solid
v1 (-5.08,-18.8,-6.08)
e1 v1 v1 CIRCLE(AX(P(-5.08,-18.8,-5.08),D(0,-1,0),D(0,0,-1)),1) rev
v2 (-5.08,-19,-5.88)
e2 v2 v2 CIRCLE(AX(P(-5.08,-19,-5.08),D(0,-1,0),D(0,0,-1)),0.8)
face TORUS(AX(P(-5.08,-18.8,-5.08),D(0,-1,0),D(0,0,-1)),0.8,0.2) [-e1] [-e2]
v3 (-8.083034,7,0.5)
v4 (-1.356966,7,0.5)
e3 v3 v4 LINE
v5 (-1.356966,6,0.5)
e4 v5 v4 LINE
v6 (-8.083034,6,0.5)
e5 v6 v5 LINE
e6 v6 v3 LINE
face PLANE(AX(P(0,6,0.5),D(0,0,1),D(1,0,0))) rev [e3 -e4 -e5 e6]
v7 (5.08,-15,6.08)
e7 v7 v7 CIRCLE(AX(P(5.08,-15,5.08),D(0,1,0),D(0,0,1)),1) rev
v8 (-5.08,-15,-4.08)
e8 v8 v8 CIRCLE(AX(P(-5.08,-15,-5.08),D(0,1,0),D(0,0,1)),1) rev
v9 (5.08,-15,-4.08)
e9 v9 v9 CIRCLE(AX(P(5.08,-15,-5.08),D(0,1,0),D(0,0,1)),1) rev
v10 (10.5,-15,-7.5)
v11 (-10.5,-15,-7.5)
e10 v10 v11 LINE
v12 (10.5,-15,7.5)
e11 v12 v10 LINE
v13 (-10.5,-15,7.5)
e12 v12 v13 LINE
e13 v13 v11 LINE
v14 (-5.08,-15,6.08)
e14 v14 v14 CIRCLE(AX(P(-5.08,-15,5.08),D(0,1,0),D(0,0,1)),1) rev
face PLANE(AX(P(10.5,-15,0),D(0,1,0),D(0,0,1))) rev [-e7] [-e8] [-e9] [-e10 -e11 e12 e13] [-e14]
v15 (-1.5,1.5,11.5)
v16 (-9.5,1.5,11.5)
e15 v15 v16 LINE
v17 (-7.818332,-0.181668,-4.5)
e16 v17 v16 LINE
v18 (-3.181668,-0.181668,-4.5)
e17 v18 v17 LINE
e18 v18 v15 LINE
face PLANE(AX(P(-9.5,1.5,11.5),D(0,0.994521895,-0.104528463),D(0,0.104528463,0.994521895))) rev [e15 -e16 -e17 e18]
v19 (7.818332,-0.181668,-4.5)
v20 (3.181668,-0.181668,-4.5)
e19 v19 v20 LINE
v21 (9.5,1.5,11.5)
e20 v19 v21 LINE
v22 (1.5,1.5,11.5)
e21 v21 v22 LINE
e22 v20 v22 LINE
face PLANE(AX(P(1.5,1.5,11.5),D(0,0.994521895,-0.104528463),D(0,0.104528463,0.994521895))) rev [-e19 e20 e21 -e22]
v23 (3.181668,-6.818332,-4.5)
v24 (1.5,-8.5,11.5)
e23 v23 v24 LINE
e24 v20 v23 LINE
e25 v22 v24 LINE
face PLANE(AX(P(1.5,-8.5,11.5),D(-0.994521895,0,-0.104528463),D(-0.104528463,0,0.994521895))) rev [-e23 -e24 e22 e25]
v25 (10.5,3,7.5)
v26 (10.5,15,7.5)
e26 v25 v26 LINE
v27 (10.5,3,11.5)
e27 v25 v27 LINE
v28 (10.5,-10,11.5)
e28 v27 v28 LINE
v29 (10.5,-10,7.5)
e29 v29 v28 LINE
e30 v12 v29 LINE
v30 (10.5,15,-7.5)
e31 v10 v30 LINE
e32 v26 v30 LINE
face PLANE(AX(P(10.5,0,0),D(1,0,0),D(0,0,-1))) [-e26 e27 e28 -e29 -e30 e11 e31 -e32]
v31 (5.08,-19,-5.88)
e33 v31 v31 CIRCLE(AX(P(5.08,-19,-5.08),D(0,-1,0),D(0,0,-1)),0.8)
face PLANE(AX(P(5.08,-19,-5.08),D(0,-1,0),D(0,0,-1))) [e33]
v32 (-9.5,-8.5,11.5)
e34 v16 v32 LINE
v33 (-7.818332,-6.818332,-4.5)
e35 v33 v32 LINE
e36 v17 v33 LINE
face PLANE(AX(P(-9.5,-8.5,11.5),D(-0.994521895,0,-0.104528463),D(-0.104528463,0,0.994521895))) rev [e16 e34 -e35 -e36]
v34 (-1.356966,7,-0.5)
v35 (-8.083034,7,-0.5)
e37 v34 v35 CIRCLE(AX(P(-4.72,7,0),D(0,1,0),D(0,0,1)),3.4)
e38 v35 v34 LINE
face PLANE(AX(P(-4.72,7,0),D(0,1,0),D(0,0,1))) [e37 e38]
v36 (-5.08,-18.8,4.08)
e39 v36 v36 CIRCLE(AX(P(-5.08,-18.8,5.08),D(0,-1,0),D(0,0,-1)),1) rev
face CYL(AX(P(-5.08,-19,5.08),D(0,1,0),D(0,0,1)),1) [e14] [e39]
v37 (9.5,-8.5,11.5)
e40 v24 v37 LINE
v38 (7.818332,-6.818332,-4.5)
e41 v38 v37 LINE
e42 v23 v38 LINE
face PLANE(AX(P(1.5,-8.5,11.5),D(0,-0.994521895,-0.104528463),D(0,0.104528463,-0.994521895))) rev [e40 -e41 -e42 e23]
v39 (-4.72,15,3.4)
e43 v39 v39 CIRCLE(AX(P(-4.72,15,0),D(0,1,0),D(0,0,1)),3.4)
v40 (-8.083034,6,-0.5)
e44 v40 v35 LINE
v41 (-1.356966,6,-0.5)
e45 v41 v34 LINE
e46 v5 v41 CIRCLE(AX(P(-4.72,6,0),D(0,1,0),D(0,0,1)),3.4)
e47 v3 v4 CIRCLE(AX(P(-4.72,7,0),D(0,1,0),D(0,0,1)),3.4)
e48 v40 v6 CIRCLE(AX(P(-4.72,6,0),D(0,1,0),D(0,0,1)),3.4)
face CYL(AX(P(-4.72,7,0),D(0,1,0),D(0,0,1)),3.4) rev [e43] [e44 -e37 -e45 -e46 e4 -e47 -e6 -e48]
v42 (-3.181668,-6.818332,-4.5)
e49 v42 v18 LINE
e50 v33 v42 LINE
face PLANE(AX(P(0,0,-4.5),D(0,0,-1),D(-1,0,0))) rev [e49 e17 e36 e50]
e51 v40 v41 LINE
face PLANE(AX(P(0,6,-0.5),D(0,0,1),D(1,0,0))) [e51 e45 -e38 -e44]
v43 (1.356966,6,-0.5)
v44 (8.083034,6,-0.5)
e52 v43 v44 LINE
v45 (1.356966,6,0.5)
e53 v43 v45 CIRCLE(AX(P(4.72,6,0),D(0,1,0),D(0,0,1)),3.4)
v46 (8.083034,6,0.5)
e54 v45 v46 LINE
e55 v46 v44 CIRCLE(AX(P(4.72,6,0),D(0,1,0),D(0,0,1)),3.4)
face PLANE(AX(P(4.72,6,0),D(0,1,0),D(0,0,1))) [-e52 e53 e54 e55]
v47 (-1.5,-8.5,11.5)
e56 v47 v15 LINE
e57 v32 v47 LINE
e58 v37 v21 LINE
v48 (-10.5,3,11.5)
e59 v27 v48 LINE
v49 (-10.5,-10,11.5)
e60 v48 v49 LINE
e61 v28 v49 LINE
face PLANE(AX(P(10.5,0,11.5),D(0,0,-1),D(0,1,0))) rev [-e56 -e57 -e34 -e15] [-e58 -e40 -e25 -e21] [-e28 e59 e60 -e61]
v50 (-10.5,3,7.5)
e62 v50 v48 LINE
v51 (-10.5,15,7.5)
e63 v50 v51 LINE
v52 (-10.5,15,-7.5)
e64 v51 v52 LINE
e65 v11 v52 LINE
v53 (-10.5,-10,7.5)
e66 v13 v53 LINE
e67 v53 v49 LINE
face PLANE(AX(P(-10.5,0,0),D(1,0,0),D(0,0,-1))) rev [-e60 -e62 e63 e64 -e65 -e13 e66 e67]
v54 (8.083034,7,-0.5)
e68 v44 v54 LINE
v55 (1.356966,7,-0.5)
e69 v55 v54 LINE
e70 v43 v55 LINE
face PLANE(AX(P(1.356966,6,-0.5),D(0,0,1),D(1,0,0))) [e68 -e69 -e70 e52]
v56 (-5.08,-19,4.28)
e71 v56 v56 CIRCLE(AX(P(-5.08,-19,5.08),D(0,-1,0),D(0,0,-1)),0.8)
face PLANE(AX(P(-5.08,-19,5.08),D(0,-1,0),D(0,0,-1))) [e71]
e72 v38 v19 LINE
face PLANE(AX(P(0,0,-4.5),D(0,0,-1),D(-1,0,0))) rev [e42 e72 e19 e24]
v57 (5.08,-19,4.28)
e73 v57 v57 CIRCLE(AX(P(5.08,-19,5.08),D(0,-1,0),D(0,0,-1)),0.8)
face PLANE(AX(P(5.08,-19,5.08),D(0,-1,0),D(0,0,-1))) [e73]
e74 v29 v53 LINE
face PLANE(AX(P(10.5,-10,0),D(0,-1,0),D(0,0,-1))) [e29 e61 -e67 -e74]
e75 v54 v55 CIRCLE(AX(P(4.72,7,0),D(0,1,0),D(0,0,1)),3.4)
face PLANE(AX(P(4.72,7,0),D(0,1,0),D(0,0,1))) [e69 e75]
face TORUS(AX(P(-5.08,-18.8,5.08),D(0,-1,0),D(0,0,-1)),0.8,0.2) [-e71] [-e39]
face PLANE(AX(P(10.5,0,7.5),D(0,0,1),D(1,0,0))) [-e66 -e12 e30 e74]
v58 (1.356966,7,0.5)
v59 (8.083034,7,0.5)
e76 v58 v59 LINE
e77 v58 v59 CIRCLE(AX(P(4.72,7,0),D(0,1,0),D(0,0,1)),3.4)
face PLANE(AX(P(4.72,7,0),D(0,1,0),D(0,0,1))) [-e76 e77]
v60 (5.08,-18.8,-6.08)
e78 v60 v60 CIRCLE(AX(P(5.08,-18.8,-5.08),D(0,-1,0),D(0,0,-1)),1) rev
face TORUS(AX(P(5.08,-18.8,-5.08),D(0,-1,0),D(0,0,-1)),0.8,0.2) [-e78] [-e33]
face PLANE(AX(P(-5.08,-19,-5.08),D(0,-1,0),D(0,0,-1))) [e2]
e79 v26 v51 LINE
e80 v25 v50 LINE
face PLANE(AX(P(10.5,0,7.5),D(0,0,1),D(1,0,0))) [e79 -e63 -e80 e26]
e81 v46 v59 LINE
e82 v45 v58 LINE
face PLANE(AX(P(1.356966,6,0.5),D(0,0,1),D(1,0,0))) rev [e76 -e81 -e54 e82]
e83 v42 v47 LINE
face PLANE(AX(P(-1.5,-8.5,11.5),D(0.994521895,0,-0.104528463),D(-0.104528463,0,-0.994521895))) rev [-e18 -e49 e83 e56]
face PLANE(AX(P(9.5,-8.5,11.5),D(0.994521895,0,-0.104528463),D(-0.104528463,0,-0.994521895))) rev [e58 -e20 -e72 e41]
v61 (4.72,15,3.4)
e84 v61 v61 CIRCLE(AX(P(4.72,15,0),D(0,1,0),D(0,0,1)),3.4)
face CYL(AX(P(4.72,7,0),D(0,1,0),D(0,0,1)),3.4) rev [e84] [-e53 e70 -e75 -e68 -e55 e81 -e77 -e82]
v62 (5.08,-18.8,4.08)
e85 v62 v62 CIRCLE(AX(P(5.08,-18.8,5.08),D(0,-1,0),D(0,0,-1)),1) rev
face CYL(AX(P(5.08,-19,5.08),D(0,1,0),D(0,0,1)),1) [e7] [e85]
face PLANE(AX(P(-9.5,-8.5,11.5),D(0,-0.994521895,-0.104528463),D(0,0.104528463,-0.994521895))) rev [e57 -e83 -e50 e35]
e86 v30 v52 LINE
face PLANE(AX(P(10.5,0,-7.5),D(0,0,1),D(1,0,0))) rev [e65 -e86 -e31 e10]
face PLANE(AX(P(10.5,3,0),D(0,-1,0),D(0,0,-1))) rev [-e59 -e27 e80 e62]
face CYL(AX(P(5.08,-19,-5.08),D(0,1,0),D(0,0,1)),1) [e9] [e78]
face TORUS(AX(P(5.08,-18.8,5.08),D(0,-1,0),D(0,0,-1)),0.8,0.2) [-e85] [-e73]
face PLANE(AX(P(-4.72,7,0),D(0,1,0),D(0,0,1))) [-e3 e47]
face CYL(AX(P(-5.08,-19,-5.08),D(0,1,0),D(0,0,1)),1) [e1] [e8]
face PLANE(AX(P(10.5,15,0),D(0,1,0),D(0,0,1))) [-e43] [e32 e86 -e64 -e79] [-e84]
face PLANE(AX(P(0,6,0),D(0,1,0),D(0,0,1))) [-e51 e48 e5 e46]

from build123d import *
from build123d.topology import SkipClean

# Parameters (mm, degrees)
SKETCH_1_W                    = 15
SKETCH_1_H                    = 30
SKETCH_1_W_2                  = 4
SKETCH_1_H_2                  = 13
EXTRUDE_1_DEPTH               = 10.5
SKETCH_3_R                    = 3.4
CUT_EXTRUDE_1_DEPTH           = 8
SKETCH_4_W                    = 8
SKETCH_4_H                    = 10
CUT_EXTRUDE_3_DEPTH           = 16
CUT_EXTRUDE_3_DRAFT           = -6
CUT_EXTRUDE_3_PROFILE_2_DEPTH = 16
CUT_EXTRUDE_3_PROFILE_2_DRAFT = -6
CUT_EXTRUDE_5_DEPTH           = 1
CUT_EXTRUDE_6_DEPTH           = 1
SKETCH_9_R                    = 1
EXTRUDE_2_DEPTH               = 4
FILLET_3_R                    = 0.2


with BuildPart() as part:
    # Эскиз1 → Бобышка-Вытянуть1 (new, symmetric)
    with BuildSketch(Plane(origin=(0, 0, 0), x_dir=(0, 0, -1), z_dir=(1, 0, 0))):
        Rectangle(SKETCH_1_W, SKETCH_1_H)
        with Locations((-9.5, -3.5)):
            Rectangle(SKETCH_1_W_2, SKETCH_1_H_2)
    extrude(amount=EXTRUDE_1_DEPTH, both=True)

    # Эскиз3 → Вырез-Вытянуть1 (cut)
    with BuildSketch(Plane(origin=(0, 15, 0), x_dir=(1, 0, 0), z_dir=(0, 1, 0))):
        with Locations(Location((-4.72, 0, 0), (0, 0, 270))):
            Circle(SKETCH_3_R)
        with Locations(Location((4.72, 0, 0), (0, 0, 270))):
            Circle(SKETCH_3_R)
    extrude(amount=-CUT_EXTRUDE_1_DEPTH, mode=Mode.SUBTRACT)


with BuildPart() as cut_extrude_3_tool:
    # Эскиз4 → Вырез-Вытянуть3 (with draft: the straight prism first)
    with BuildSketch(Plane.XY.offset(11.5)):
        with Locations((-5.5, -3.5)):
            Rectangle(SKETCH_4_W, SKETCH_4_H)
    extrude(amount=-CUT_EXTRUDE_3_DEPTH)
    # Вырез-Вытянуть3: the draft: its side faces are tilted about the plane it starts from
    cut_extrude_3_sides = [cut_extrude_3_tool.faces().sort_by_distance(p)[0] for p in [
        (-5.5, -8.5, 3.5),
        (-1.5, -3.5, 3.5),
        (-5.5, 1.5, 3.5),
        (-9.5, -3.5, 3.5),
    ]]
    draft(cut_extrude_3_sides, Plane.XY.offset(11.5), CUT_EXTRUDE_3_DRAFT)


with BuildPart() as part_1:
    add(part.part)

    # Вырез-Вытянуть3: cut by cut_extrude_3_tool
    add(cut_extrude_3_tool.part, mode=Mode.SUBTRACT)


with BuildPart() as cut_extrude_3_profile_2_tool:
    # Эскиз4 → Вырез-Вытянуть3 profile 2 (with draft: the straight prism first)
    with BuildSketch(Plane.XY.offset(11.5)):
        with Locations((5.5, -3.5)):
            Rectangle(SKETCH_4_W, SKETCH_4_H)
    extrude(amount=-CUT_EXTRUDE_3_PROFILE_2_DEPTH)
    # Вырез-Вытянуть3 profile 2: the draft: its side faces are tilted about the plane it starts from
    cut_extrude_3_profile_2_sides = [cut_extrude_3_profile_2_tool.faces().sort_by_distance(p)[0] for p in [
        (5.5, -8.5, 3.5),
        (9.5, -3.5, 3.5),
        (5.5, 1.5, 3.5),
        (1.5, -3.5, 3.5),
    ]]
    draft(cut_extrude_3_profile_2_sides, Plane.XY.offset(11.5), CUT_EXTRUDE_3_PROFILE_2_DRAFT)


with BuildPart() as part_2:
    add(part_1.part)

    # Вырез-Вытянуть3 profile 2: cut by cut_extrude_3_profile_2_tool
    add(cut_extrude_3_profile_2_tool.part, mode=Mode.SUBTRACT)

    # Эскиз7 → Вырез-Вытянуть5 (cut)
    with BuildSketch(Plane(origin=(0, 7, 0), x_dir=(1, 0, 0), z_dir=(0, 1, 0))):
        with BuildLine():
            ThreePointArc((-8.12, 1e-09), (-8.110745992, -0.250682298), (-8.083034344, -0.5))
            Line((-8.083034344, -0.5), (-1.356965656, -0.5))
            ThreePointArc((-1.356965656, -0.5), (-1.329254008, -0.250682299), (-1.32, 0))
            ThreePointArc((-1.32, 0), (-1.329254008, 0.250682299), (-1.356965656, 0.5))
            Line((-1.356965656, 0.5), (-8.083034344, 0.5))
            ThreePointArc((-8.083034344, 0.5), (-8.110745992, 0.250682299), (-8.12, 1e-09))
        make_face()
    extrude(amount=-CUT_EXTRUDE_5_DEPTH, mode=Mode.SUBTRACT)

    # Эскиз8 → Вырез-Вытянуть6 (cut)
    with SkipClean():  # the faces are left unmerged after this step: merging them gives an invalid solid
        with BuildSketch(Plane(origin=(0, 7, 0), x_dir=(1, 0, 0), z_dir=(0, 1, 0))):
            with BuildLine():
                Line((1.356965656, 0.5), (8.083034344, 0.5))
                ThreePointArc((8.083034344, 0.5), (8.12, 0), (8.083034344, -0.5))
                Line((8.083034344, -0.5), (1.356965656, -0.5))
                ThreePointArc((1.356965656, -0.5), (1.32, 0), (1.356965656, 0.5))
            make_face()
        extrude(amount=-CUT_EXTRUDE_6_DEPTH, mode=Mode.SUBTRACT)

    # Эскиз9 → Бобышка-Вытянуть2 (add)
    with SkipClean():  # the faces are left unmerged after this step: merging them gives an invalid solid
        with BuildSketch(Plane.XZ.offset(15)):
            with Locations(Location((-5.08, 5.08, 0), (0, 0, 90))):
                Circle(SKETCH_9_R)
            with Locations(Location((5.08, 5.08, 0), (0, 0, 90))):
                Circle(SKETCH_9_R)
            with Locations(Location((5.08, -5.08, 0), (0, 0, 90))):
                Circle(SKETCH_9_R)
            with Locations(Location((-5.08, -5.08, 0), (0, 0, 90))):
                Circle(SKETCH_9_R)
        extrude(amount=EXTRUDE_2_DEPTH)

    # Скругление3
    fillet_3_edges = [part_2.edges().sort_by_distance(p)[0] for p in [
        (-5.08, -19, -6.08),
        (-5.08, -19, 4.08),
        (5.08, -19, 4.08),
        (5.08, -19, -6.08),
    ]]
    fillet(fillet_3_edges, radius=FILLET_3_R)


solid = part_2.part
